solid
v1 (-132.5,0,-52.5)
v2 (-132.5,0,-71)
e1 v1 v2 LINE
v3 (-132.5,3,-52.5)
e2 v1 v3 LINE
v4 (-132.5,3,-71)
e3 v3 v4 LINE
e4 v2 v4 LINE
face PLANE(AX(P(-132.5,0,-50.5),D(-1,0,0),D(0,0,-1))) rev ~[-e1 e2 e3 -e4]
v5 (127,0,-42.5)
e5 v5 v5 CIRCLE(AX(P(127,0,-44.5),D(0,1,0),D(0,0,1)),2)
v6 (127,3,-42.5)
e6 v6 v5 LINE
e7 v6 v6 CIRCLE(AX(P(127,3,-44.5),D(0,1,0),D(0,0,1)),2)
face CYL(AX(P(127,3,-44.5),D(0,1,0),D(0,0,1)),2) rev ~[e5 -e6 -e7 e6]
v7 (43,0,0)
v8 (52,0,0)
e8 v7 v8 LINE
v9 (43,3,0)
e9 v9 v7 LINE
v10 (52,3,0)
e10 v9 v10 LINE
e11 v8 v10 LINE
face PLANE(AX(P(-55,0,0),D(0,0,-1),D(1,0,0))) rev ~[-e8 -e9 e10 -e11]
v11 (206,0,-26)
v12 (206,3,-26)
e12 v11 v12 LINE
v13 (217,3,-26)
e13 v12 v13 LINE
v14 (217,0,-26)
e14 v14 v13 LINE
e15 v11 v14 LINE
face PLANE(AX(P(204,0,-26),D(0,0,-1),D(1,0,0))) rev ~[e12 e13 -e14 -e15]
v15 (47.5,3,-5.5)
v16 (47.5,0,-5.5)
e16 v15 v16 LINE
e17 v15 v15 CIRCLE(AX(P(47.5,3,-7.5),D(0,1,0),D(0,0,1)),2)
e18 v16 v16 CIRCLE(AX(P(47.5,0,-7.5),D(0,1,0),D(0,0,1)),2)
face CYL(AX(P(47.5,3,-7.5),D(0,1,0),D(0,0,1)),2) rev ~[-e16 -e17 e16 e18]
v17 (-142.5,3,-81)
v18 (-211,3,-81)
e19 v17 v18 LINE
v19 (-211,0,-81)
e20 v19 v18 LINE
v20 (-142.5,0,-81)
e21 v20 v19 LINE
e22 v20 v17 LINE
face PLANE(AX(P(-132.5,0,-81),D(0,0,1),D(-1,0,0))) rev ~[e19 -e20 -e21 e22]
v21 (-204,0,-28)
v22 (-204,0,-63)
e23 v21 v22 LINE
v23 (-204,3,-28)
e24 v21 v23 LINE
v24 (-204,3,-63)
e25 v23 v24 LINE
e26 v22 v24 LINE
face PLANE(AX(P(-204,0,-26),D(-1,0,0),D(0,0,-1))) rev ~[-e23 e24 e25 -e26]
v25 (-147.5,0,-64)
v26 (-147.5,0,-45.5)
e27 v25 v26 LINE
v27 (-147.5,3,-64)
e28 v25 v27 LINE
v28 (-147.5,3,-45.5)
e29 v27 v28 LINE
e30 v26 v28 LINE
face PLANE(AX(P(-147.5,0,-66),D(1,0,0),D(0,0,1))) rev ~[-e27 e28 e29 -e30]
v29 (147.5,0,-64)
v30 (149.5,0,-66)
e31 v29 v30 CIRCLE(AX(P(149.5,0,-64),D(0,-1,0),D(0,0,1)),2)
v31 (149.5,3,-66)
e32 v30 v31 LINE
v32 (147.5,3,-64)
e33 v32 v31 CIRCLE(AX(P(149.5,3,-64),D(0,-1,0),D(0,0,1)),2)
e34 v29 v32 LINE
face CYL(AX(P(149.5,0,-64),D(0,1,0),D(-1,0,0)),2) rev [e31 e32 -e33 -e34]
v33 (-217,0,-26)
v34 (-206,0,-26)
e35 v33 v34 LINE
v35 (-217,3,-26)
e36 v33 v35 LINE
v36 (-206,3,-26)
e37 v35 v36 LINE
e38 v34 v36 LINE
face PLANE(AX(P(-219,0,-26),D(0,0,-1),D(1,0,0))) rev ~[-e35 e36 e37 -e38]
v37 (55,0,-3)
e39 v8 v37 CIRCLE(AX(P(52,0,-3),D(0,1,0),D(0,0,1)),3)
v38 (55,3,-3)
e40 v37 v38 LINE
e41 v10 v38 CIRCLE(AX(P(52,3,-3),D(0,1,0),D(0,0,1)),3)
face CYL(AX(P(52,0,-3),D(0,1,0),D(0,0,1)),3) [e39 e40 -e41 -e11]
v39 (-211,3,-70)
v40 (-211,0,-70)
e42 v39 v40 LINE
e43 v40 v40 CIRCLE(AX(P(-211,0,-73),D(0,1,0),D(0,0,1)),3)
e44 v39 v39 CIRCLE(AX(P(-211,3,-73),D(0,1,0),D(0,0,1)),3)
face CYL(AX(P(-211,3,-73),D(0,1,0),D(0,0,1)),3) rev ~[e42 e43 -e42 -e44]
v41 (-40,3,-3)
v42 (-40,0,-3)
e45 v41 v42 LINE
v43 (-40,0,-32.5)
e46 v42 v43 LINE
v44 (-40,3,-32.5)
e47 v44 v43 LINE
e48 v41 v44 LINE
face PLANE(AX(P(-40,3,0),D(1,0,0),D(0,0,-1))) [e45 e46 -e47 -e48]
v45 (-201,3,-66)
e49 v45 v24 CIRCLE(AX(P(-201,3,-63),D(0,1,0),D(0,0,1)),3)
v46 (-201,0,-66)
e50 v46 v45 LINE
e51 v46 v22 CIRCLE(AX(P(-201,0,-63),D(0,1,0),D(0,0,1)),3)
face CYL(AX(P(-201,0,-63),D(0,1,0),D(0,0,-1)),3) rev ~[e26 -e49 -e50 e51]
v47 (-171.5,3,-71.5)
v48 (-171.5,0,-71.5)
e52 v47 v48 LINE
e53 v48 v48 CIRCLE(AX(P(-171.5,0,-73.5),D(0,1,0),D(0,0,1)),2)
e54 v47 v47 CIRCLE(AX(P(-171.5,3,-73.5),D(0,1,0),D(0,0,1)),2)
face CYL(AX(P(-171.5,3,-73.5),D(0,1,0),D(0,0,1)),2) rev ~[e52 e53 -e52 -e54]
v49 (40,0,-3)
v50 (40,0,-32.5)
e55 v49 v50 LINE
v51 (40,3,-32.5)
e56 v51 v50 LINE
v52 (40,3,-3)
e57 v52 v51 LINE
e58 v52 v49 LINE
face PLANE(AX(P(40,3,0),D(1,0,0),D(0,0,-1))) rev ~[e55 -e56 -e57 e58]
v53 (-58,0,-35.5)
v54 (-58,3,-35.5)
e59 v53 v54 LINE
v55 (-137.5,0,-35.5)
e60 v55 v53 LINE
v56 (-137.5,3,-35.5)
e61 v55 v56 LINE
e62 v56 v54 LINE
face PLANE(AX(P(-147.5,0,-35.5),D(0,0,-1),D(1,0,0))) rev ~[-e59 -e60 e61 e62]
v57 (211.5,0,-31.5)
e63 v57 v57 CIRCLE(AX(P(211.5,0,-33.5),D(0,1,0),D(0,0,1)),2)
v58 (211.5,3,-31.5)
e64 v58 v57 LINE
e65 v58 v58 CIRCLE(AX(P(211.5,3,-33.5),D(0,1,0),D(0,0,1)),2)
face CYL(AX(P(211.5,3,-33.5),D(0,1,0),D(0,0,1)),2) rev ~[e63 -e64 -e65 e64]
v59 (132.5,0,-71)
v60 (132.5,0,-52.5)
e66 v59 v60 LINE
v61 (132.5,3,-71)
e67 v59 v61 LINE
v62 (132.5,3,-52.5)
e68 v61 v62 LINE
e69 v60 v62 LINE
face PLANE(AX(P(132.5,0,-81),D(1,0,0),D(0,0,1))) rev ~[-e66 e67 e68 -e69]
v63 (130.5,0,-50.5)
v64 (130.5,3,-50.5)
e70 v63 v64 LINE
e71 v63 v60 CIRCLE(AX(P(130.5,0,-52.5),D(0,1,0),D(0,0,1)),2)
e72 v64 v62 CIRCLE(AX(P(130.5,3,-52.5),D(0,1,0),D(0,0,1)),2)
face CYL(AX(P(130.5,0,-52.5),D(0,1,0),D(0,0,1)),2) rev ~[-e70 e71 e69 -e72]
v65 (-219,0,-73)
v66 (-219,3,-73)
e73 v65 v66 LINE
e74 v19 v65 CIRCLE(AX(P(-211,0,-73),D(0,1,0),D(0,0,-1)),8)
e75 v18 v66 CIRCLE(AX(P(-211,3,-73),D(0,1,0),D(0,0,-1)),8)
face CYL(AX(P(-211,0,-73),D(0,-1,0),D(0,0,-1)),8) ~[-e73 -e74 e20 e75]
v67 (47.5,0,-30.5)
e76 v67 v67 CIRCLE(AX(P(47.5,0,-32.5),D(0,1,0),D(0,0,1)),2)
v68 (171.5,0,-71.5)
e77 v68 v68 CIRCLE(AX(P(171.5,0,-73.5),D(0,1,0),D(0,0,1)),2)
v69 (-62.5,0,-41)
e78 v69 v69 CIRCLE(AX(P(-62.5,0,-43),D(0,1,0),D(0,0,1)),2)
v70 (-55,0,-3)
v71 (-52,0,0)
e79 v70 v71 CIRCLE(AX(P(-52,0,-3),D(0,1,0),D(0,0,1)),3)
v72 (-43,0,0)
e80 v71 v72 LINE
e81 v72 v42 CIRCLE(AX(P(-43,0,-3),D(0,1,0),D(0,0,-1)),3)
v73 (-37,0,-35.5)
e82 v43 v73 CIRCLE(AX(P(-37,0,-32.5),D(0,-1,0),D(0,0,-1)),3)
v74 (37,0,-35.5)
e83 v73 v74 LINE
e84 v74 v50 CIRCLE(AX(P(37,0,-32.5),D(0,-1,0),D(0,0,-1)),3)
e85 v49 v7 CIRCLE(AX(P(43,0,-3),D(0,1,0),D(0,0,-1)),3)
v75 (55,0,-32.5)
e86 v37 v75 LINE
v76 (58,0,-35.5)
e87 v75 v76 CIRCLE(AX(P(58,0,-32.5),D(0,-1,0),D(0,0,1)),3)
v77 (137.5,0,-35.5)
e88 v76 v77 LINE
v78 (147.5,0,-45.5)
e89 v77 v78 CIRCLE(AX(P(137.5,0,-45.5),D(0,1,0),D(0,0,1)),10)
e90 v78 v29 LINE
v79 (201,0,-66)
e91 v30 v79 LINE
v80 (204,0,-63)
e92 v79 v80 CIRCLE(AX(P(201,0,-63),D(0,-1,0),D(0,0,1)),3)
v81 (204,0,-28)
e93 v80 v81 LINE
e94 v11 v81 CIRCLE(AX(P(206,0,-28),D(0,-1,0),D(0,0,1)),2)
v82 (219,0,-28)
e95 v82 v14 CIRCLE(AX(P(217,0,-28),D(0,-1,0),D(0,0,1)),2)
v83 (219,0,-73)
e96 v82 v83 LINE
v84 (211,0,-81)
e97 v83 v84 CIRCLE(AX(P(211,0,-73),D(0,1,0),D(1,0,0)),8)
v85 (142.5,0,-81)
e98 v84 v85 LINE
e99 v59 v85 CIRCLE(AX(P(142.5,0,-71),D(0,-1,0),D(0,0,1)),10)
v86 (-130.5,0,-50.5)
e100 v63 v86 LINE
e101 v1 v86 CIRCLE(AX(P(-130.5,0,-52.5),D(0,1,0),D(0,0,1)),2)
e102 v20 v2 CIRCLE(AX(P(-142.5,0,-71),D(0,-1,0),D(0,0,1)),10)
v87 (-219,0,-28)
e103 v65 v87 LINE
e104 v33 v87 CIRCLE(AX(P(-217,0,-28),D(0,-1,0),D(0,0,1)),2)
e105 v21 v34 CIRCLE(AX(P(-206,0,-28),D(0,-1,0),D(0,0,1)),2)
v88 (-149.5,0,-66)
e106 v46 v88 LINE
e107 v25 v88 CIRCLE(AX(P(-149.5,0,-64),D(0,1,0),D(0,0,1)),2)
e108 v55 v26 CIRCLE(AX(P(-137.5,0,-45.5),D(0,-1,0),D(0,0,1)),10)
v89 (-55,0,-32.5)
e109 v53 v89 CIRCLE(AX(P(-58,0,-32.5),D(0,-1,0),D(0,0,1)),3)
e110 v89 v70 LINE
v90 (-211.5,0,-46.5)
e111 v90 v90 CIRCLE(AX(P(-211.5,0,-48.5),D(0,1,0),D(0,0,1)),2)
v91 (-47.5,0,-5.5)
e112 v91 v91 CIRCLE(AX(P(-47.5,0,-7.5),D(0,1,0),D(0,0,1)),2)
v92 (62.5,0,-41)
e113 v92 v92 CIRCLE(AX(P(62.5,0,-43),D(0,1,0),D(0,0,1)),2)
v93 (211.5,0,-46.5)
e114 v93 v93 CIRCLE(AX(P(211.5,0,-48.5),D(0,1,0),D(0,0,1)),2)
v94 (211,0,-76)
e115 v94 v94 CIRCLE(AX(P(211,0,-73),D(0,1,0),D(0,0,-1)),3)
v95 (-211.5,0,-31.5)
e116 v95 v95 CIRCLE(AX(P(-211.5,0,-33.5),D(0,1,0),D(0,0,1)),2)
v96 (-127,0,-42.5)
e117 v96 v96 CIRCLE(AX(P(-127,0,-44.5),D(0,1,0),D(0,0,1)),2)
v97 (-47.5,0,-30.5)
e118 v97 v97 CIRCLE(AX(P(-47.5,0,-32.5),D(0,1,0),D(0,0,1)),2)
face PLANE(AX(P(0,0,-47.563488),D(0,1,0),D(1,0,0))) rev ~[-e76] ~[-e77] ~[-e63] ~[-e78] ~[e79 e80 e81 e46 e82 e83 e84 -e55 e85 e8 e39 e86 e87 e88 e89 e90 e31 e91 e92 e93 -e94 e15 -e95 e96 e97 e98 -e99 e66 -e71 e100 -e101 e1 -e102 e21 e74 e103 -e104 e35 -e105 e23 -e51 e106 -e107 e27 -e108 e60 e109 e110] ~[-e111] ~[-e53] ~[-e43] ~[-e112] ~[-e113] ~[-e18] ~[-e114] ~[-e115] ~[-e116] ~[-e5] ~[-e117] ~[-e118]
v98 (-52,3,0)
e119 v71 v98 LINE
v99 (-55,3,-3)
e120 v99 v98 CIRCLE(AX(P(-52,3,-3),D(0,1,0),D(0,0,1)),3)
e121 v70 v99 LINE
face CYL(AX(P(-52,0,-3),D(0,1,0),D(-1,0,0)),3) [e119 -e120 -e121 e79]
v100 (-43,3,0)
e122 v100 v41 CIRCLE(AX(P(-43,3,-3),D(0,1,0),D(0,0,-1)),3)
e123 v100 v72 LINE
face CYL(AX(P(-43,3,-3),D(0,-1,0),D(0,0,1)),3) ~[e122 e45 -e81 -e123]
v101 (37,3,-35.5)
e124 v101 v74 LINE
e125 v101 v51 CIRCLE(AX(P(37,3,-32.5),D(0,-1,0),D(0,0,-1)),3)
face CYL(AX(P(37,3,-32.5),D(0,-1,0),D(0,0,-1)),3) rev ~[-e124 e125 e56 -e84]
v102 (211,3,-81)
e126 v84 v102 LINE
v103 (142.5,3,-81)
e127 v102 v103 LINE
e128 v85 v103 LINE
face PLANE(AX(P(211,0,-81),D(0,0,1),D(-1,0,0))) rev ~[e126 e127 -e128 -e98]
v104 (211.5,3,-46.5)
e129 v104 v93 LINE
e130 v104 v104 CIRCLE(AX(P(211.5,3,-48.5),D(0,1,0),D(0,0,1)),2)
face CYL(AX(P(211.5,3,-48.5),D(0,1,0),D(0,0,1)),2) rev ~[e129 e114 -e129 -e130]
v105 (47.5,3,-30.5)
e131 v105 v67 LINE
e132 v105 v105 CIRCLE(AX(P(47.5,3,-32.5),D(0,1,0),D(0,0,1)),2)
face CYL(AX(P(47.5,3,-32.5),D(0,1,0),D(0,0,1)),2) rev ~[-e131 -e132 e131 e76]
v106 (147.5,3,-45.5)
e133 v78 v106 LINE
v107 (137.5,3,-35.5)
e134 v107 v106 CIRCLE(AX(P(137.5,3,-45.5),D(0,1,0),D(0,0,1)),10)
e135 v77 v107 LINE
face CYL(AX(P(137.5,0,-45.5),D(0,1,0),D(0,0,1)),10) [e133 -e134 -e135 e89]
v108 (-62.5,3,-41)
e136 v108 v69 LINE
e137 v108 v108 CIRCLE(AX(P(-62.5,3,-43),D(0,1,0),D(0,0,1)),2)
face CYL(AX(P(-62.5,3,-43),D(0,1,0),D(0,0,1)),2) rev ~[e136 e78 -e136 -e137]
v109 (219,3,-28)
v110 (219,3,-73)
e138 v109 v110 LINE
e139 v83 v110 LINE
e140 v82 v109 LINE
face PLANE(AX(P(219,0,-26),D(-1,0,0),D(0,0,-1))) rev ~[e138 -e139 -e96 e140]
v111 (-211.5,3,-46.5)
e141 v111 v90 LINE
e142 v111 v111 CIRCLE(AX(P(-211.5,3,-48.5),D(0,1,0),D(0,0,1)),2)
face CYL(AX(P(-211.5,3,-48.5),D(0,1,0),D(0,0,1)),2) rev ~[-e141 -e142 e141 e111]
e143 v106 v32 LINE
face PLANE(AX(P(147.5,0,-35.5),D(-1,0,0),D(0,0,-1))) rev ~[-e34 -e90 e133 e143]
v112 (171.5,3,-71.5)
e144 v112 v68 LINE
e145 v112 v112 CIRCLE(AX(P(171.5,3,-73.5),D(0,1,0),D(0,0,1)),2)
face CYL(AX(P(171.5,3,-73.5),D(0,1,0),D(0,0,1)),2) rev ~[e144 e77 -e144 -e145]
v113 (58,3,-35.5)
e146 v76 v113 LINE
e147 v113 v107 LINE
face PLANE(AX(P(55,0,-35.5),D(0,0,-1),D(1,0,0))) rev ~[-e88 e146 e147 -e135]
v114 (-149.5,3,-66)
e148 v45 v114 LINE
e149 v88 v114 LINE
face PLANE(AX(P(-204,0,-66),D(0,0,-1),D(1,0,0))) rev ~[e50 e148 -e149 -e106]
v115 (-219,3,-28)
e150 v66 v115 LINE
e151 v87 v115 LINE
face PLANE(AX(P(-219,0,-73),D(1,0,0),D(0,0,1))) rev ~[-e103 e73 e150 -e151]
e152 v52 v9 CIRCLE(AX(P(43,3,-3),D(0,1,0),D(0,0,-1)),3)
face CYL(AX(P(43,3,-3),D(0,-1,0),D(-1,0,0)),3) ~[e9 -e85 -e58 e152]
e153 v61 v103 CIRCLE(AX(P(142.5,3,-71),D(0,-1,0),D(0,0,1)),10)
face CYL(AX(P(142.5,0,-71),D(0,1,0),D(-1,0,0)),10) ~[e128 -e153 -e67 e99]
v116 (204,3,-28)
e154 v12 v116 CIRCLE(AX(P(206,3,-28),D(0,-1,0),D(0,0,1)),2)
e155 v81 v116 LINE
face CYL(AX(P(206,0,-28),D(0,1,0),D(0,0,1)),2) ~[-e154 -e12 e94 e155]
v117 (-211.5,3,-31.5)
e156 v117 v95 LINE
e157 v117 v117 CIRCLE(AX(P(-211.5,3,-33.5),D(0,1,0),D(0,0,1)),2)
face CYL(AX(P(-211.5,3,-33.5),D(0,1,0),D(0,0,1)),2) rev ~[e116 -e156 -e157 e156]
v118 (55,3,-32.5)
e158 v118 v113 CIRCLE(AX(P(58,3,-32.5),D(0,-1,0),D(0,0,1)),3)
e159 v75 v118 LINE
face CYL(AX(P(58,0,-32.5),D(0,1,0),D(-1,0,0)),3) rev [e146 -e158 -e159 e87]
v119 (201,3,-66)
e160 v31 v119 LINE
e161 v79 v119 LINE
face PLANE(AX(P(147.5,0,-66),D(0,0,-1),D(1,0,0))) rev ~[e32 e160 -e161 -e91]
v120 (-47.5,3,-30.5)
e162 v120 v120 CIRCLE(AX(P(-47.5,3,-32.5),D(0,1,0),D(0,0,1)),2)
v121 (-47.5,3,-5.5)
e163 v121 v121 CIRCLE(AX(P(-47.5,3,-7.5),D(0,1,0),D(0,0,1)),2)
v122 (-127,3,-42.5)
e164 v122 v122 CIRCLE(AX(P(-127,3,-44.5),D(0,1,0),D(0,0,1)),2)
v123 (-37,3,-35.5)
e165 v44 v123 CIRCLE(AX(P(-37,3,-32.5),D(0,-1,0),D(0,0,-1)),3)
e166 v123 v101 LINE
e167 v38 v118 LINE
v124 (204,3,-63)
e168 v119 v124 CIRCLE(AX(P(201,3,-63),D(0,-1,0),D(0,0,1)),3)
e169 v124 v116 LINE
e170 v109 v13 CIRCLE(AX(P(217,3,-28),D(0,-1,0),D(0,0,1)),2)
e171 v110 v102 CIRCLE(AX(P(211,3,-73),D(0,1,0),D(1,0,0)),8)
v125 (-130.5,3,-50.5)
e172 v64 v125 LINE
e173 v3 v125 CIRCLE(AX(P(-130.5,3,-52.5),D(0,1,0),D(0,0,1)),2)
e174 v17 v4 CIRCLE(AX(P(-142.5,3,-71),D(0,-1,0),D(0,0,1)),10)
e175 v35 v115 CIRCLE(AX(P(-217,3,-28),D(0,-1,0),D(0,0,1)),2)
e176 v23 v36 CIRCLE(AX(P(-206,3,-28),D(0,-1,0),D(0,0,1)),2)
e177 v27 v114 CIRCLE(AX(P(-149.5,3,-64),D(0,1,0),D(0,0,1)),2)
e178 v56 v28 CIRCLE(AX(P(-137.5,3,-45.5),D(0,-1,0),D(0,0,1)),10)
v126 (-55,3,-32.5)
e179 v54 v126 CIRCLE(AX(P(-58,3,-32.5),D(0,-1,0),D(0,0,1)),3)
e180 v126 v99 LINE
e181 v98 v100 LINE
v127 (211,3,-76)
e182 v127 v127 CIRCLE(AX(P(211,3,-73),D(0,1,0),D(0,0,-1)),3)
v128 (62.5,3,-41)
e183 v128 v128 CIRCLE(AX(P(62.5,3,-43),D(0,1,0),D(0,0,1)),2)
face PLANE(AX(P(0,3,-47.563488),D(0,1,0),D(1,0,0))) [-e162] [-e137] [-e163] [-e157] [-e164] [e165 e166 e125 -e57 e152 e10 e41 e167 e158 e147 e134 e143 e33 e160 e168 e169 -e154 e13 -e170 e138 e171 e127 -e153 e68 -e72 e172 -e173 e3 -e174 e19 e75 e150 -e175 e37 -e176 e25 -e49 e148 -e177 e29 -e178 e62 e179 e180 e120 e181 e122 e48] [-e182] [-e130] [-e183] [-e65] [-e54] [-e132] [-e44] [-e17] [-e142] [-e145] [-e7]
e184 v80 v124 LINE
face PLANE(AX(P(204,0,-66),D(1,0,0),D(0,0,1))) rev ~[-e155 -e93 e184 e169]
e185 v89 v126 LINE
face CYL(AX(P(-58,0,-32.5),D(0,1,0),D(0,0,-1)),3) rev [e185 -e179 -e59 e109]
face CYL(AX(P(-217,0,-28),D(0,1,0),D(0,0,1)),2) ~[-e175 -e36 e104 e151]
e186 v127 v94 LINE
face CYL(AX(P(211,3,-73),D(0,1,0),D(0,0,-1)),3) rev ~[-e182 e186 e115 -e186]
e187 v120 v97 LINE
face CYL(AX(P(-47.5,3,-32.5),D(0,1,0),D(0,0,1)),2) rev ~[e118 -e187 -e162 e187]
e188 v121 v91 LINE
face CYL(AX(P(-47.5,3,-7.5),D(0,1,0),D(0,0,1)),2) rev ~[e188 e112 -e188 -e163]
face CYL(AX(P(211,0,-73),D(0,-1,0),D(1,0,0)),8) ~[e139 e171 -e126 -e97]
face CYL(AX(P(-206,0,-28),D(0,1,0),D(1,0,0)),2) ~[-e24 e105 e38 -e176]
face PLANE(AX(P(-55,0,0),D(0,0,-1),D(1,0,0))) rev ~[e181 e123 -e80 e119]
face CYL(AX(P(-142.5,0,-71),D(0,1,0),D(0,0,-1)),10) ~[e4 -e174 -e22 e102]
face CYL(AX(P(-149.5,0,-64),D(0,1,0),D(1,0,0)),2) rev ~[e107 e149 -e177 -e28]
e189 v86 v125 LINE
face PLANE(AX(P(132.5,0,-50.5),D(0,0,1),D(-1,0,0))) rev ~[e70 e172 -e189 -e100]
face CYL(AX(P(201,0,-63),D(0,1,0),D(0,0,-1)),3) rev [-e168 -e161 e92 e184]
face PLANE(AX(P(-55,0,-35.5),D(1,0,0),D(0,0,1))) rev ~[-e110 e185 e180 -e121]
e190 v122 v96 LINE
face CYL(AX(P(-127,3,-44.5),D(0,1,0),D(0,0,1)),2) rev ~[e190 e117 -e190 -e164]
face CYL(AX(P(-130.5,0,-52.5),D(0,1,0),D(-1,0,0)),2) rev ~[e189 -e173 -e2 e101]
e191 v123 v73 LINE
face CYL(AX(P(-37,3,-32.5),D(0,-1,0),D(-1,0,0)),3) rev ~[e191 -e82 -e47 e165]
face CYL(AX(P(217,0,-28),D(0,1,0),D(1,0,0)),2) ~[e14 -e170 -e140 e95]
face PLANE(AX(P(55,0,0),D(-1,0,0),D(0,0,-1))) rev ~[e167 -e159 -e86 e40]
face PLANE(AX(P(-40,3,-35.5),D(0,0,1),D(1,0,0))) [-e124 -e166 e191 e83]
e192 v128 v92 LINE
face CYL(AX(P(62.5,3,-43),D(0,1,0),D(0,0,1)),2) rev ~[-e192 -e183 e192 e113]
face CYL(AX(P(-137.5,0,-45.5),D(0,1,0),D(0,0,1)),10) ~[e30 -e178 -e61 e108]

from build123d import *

# Parameters (mm, degrees)
EXTRUDE_1_DEPTH     = 3
SKETCH_2_R          = 2
SKETCH_2_W          = 80
SKETCH_2_H          = 35.5
CUT_EXTRUDE_1_DEPTH = 10
SKETCH_5_R          = 3
CUT_EXTRUDE_4_DEPTH = 234.518735865
FILLET_1_R          = 10
FILLET_2_R          = 3
FILLET_3_R          = 2


with BuildPart() as part:
    # 草图1 → 凸台-拉伸1 (new body)
    with BuildSketch(Plane(origin=(0, 0, 0), x_dir=(1, 0, 0), z_dir=(0, 1, 0))):
        with BuildLine():
            Line((-55, 0), (55, 0))
            Line((55, 0), (55, 35.5))
            Line((55, 35.5), (147.5, 35.5))
            Line((147.5, 35.5), (147.5, 66))
            Line((147.5, 66), (204, 66))
            Line((204, 66), (204, 26))
            Line((204, 26), (219, 26))
            Line((219, 26), (219, 73))
            ThreePointArc((219, 73), (216.656854249, 78.656854249), (211, 81))
            Line((211, 81), (132.5, 81))
            Line((132.5, 81), (132.5, 50.5))
            Line((132.5, 50.5), (-132.5, 50.5))
            Line((-132.5, 50.5), (-132.5, 81))
            Line((-132.5, 81), (-211, 81))
            ThreePointArc((-211, 81), (-216.656854249, 78.656854249), (-219, 73))
            Line((-219, 73), (-219, 26))
            Line((-219, 26), (-204, 26))
            Line((-204, 26), (-204, 66))
            Line((-204, 66), (-147.5, 66))
            Line((-147.5, 66), (-147.5, 35.5))
            Line((-147.5, 35.5), (-55, 35.5))
            Line((-55, 35.5), (-55, 0))
        make_face()
    extrude(amount=EXTRUDE_1_DEPTH)

    # 草图2 → 切除-拉伸1 (cut)
    with BuildSketch(Plane(origin=(0, 3, 0), x_dir=(1, 0, 0), z_dir=(0, 1, 0))):
        with Locations(Location((-47.5, 32.5, 0), (0, 0, 270))):
            Circle(SKETCH_2_R)
        with Locations(Location((-211.5, 33.5, 0), (0, 0, 270))):
            Circle(SKETCH_2_R)
        with Locations(Location((-211.5, 48.5, 0), (0, 0, 270))):
            Circle(SKETCH_2_R)
        with Locations(Location((211.5, 48.5, 0), (0, 0, 270))):
            Circle(SKETCH_2_R)
        with Locations(Location((211.5, 33.5, 0), (0, 0, 270))):
            Circle(SKETCH_2_R)
        with Locations(Location((-171.5, 73.5, 0), (0, 0, 270))):
            Circle(SKETCH_2_R)
        with Locations(Location((171.5, 73.5, 0), (0, 0, 270))):
            Circle(SKETCH_2_R)
        with Locations(Location((47.5, 32.5, 0), (0, 0, 270))):
            Circle(SKETCH_2_R)
        with Locations(Location((-47.5, 7.5, 0), (0, 0, 270))):
            Circle(SKETCH_2_R)
        with Locations(Location((-62.5, 43, 0), (0, 0, 270))):
            Circle(SKETCH_2_R)
        with Locations(Location((-126.999999701, 44.500000154, 0), (0, 0, 270))):
            Circle(SKETCH_2_R)
        with Locations(Location((62.5, 43, 0), (0, 0, 270))):
            Circle(SKETCH_2_R)
        with Locations(Location((126.999999701, 44.500000154, 0), (0, 0, 270))):
            Circle(SKETCH_2_R)
        with Locations(Location((47.5, 7.5, 0), (0, 0, 270))):
            Circle(SKETCH_2_R)
        with Locations((0, 17.75)):
            Rectangle(SKETCH_2_W, SKETCH_2_H)
    extrude(amount=-CUT_EXTRUDE_1_DEPTH, mode=Mode.SUBTRACT)

    # 草图5 → 切除-拉伸4 (cut, through all)
    with BuildSketch(Plane(origin=(0, 3, 0), x_dir=(1, 0, 0), z_dir=(0, 1, 0))):
        with Locations(Location((-211, 73, 0), (0, 0, 270))):
            Circle(SKETCH_5_R)
        with Locations(Location((211, 73, 0), (0, 0, 90))):
            Circle(SKETCH_5_R)
    extrude(amount=-CUT_EXTRUDE_4_DEPTH, mode=Mode.SUBTRACT)

    # 圆角1
    fillet_1_edges = [part.edges().sort_by_distance(p)[0] for p in [
        (-147.5, 1.5, -35.5),
        (-132.5, 1.5, -81),
        (132.5, 1.5, -81),
        (147.5, 1.5, -35.5),
    ]]
    fillet(fillet_1_edges, radius=FILLET_1_R)

    # 圆角2
    fillet_2_edges = [part.edges().sort_by_distance(p)[0] for p in [
        (55, 1.5, 0),
        (-55, 1.5, 0),
        (-55, 1.5, -35.5),
        (-204, 1.5, -66),
        (204, 1.5, -66),
        (55, 1.5, -35.5),
        (-40, 1.5, 0),
        (-40, 1.5, -35.5),
        (40, 1.5, -35.5),
        (40, 1.5, 0),
    ]]
    fillet(fillet_2_edges, radius=FILLET_2_R)

    # 圆角3
    fillet_3_edges = [part.edges().sort_by_distance(p)[0] for p in [
        (-147.5, 1.5, -66),
        (-204, 1.5, -26),
        (-219, 1.5, -26),
        (-132.5, 1.5, -50.5),
        (132.5, 1.5, -50.5),
        (219, 1.5, -26),
        (204, 1.5, -26),
        (147.5, 1.5, -66),
    ]]
    fillet(fillet_3_edges, radius=FILLET_3_R)


solid = part.part
